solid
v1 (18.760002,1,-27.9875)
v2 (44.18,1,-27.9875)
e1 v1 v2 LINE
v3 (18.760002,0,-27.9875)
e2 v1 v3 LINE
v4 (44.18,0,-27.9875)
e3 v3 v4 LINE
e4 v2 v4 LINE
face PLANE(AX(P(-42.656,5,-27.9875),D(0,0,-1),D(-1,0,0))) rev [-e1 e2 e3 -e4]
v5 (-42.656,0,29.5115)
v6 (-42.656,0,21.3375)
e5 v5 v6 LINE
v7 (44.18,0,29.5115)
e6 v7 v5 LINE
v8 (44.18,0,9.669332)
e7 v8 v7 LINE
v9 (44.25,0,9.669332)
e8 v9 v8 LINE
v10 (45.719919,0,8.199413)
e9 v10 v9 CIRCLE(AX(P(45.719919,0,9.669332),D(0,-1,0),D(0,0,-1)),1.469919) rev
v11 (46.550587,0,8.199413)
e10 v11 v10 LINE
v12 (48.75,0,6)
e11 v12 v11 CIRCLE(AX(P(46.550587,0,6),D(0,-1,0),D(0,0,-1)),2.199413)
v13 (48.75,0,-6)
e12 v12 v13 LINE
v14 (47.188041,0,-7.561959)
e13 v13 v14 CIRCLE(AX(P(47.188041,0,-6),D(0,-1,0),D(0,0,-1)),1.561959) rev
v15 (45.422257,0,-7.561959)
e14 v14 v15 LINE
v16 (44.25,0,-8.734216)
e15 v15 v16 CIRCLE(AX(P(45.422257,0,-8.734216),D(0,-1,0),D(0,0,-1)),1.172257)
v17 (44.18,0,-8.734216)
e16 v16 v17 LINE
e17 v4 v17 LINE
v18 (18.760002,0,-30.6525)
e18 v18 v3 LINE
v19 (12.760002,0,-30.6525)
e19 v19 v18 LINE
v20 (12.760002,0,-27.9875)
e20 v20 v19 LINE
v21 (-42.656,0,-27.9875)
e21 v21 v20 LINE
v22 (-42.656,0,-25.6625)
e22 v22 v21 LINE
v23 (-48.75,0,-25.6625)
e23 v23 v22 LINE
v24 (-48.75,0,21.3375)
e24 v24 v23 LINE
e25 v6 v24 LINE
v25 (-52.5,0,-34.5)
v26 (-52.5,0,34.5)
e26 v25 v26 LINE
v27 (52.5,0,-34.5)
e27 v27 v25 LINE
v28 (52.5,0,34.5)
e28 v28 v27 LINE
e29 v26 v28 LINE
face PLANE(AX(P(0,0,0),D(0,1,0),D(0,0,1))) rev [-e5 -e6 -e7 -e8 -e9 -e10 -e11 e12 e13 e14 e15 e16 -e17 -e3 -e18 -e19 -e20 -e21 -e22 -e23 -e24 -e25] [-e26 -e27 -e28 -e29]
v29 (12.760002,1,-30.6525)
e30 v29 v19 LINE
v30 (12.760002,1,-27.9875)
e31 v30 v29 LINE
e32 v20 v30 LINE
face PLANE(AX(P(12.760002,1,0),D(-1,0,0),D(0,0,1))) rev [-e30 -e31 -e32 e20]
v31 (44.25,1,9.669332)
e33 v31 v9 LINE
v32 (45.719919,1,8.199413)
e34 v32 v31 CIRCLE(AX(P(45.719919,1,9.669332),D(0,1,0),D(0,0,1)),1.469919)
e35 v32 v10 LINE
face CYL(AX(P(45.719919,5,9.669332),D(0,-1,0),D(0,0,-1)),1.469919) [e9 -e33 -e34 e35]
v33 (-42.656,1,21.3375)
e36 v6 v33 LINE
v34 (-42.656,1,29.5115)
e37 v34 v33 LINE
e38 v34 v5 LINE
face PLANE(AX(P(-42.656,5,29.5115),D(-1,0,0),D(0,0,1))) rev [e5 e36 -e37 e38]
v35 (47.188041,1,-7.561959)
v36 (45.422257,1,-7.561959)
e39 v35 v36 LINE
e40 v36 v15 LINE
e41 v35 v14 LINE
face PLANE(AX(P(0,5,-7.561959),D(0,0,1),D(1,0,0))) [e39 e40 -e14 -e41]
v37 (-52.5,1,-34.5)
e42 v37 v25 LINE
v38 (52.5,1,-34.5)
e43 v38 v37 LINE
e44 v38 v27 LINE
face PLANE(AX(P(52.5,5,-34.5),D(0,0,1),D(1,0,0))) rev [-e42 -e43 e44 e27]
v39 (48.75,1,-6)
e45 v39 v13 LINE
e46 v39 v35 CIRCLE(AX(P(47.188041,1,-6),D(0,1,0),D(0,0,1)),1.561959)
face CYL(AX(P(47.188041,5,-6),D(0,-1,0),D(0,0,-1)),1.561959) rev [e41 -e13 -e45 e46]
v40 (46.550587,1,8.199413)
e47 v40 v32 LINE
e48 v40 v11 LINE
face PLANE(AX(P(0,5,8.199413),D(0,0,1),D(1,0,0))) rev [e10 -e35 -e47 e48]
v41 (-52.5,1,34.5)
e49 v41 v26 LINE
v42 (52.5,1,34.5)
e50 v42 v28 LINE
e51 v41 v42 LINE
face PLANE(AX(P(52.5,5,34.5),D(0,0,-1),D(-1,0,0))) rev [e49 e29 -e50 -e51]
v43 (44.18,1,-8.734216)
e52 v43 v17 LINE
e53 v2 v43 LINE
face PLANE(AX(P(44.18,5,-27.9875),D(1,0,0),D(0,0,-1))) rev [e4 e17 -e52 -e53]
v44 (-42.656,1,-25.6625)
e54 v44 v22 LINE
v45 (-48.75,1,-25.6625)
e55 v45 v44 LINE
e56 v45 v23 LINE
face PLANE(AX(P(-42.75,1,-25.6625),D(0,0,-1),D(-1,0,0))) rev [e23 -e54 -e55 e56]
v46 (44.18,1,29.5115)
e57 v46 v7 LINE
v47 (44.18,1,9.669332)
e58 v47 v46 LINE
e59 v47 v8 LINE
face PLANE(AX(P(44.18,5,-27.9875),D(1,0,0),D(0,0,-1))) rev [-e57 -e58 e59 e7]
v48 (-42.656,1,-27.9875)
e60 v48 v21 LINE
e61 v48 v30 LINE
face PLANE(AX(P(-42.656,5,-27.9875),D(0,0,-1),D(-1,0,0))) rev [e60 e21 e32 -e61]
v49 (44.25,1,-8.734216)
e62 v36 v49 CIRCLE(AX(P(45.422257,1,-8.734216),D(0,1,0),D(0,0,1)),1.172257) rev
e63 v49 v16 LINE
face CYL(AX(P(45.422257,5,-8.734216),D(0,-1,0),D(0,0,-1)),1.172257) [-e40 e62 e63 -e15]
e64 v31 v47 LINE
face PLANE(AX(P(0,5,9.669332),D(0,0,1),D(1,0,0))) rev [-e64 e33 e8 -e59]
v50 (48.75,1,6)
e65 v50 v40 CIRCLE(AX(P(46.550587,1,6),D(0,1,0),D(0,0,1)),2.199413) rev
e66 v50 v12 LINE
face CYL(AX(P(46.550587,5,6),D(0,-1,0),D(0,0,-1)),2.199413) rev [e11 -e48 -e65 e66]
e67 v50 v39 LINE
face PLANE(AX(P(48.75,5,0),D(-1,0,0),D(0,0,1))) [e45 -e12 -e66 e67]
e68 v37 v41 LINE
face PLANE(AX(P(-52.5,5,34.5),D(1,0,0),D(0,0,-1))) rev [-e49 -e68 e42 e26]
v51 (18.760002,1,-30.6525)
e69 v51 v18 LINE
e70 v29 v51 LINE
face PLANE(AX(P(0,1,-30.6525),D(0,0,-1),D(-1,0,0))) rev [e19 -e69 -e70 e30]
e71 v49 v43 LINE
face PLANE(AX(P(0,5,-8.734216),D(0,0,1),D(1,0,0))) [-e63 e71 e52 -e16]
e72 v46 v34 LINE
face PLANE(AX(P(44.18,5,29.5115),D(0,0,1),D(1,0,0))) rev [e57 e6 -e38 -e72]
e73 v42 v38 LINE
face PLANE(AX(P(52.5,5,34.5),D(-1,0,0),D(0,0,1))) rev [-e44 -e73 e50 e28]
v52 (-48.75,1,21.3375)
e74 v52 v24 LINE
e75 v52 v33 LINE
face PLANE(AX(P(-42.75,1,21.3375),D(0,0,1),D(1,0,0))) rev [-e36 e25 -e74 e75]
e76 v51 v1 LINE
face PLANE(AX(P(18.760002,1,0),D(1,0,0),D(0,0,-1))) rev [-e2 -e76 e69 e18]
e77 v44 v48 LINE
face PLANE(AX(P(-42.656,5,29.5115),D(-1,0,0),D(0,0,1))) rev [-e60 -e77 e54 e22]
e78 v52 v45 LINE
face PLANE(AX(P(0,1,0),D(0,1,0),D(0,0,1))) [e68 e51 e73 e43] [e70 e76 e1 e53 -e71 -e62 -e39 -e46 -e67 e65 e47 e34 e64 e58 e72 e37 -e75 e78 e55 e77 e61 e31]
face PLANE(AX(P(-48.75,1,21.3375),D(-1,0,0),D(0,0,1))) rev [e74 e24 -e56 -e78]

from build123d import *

# Parameters (mm, degrees)
SKETCH1_W           = 105
SKETCH1_H           = 69
BOSS_EXTRUDE1_DEPTH = 5
SKETCH2_W           = 86.836
SKETCH2_H           = 57.499
CUT_EXTRUDE1_DEPTH  = 81.210380614
CUT_EXTRUDE2_DEPTH  = 1
SKETCH4_W           = 5
SKETCH4_H           = 2.165
SKETCH4_H_2         = 0.335
CUT_EXTRUDE3_DEPTH  = 1
CUT_EXTRUDE4_DEPTH  = 81.210380614
SKETCH6_W           = 105
SKETCH6_H           = 69
CUT_EXTRUDE5_DEPTH  = 4


with BuildPart() as part:
    # Sketch1 → Boss-Extrude1 (new body)
    with BuildSketch(Plane(origin=(0, 0, 0), x_dir=(1, 0, 0), z_dir=(0, 1, 0))):
        Rectangle(SKETCH1_W, SKETCH1_H)
    extrude(amount=BOSS_EXTRUDE1_DEPTH)

    # Sketch2 → Cut-Extrude1 (cut, through all)
    with BuildSketch(Plane(origin=(17.072113262, 0, 5.103361153), x_dir=(-1, 0, 0), z_dir=(0, -1, 0))):
        with Locations((16.310113262, 4.341361153)):
            Rectangle(SKETCH2_W, SKETCH2_H)
    extrude(amount=-CUT_EXTRUDE1_DEPTH, mode=Mode.SUBTRACT)

    # Sketch3 → Cut-Extrude2 (cut)
    with BuildSketch(Plane(origin=(17.072113262, 0, 5.103361153), x_dir=(-1, 0, 0), z_dir=(0, -1, 0))):
        Polygon((59.822113262, 30.765861153), (54.524773562, 30.765861153), (54.524773562, -16.234138847), (59.822113262, -16.234138847), (65.822113262, -16.234138847), (65.822113262, 30.765861153), align=None)
    extrude(amount=-CUT_EXTRUDE2_DEPTH, mode=Mode.SUBTRACT)

    # Sketch4 → Cut-Extrude3 (cut)
    with BuildSketch(Plane(origin=(17.072113262, 0, 5.103361153), x_dir=(-1, 0, 0), z_dir=(0, -1, 0))):
        Polygon((-1.187888405, 35.255861153), (3.812111595, 35.255861153), (3.812111595, 33.090861153), (4.312111595, 33.090861153), (4.312111595, 35.755861153), (-1.687888405, 35.755861153), (-1.687888405, 33.090861153), (-1.187888405, 33.090861153), align=None)
        with Locations((1.312111595, 34.173361153)):
            Rectangle(SKETCH4_W, SKETCH4_H)
        Polygon((4.312111595, 33.090861153), (3.812111595, 33.090861153), (3.812111595, 32.755861153), (-1.187888405, 32.755861153), (-1.187888405, 33.090861153), (-1.687888405, 33.090861153), (-1.687888405, 32.255861153), (4.312111595, 32.255861153), align=None)
        with Locations((1.312111595, 32.923361153)):
            Rectangle(SKETCH4_W, SKETCH4_H_2)
    extrude(amount=-CUT_EXTRUDE3_DEPTH, mode=Mode.SUBTRACT)

    # Sketch5 → Cut-Extrude4 (cut, through all)
    with BuildSketch(Plane(origin=(17.072113262, 0, 5.103361153), x_dir=(-1, 0, 0), z_dir=(0, -1, 0))):
        with BuildLine():
            Line((-31.677886738, -0.896638847), (-31.677886738, 11.103361153))
            ThreePointArc((-31.677886738, 11.103361153), (-31.220399504, 12.207833039), (-30.115927617, 12.665320274))
            Line((-30.115927617, 12.665320274), (-28.350143546, 12.665320274))
            ThreePointArc((-28.350143546, 12.665320274), (-27.521232808, 13.008666344), (-27.177886738, 13.837577082))
            Line((-27.177886738, 13.837577082), (-18.865935491, 13.837577082))
            Line((-18.865935491, 13.837577082), (-18.865935491, -4.56597095))
            Line((-18.865935491, -4.56597095), (-27.177886738, -4.56597095))
            ThreePointArc((-27.177886738, -4.56597095), (-27.60841615, -3.526581006), (-28.647806094, -3.096051594))
            Line((-28.647806094, -3.096051594), (-29.478473991, -3.096051594))
            ThreePointArc((-29.478473991, -3.096051594), (-31.033693659, -2.451858515), (-31.677886738, -0.896638847))
        make_face()
    extrude(amount=-CUT_EXTRUDE4_DEPTH, mode=Mode.SUBTRACT)

    # Sketch6 → Cut-Extrude5 (cut)
    with BuildSketch(Plane(origin=(0, 5, 0), x_dir=(1, 0, 0), z_dir=(0, 1, 0))):
        Rectangle(SKETCH6_W, SKETCH6_H)
    extrude(amount=-CUT_EXTRUDE5_DEPTH, mode=Mode.SUBTRACT)


solid = part.part
